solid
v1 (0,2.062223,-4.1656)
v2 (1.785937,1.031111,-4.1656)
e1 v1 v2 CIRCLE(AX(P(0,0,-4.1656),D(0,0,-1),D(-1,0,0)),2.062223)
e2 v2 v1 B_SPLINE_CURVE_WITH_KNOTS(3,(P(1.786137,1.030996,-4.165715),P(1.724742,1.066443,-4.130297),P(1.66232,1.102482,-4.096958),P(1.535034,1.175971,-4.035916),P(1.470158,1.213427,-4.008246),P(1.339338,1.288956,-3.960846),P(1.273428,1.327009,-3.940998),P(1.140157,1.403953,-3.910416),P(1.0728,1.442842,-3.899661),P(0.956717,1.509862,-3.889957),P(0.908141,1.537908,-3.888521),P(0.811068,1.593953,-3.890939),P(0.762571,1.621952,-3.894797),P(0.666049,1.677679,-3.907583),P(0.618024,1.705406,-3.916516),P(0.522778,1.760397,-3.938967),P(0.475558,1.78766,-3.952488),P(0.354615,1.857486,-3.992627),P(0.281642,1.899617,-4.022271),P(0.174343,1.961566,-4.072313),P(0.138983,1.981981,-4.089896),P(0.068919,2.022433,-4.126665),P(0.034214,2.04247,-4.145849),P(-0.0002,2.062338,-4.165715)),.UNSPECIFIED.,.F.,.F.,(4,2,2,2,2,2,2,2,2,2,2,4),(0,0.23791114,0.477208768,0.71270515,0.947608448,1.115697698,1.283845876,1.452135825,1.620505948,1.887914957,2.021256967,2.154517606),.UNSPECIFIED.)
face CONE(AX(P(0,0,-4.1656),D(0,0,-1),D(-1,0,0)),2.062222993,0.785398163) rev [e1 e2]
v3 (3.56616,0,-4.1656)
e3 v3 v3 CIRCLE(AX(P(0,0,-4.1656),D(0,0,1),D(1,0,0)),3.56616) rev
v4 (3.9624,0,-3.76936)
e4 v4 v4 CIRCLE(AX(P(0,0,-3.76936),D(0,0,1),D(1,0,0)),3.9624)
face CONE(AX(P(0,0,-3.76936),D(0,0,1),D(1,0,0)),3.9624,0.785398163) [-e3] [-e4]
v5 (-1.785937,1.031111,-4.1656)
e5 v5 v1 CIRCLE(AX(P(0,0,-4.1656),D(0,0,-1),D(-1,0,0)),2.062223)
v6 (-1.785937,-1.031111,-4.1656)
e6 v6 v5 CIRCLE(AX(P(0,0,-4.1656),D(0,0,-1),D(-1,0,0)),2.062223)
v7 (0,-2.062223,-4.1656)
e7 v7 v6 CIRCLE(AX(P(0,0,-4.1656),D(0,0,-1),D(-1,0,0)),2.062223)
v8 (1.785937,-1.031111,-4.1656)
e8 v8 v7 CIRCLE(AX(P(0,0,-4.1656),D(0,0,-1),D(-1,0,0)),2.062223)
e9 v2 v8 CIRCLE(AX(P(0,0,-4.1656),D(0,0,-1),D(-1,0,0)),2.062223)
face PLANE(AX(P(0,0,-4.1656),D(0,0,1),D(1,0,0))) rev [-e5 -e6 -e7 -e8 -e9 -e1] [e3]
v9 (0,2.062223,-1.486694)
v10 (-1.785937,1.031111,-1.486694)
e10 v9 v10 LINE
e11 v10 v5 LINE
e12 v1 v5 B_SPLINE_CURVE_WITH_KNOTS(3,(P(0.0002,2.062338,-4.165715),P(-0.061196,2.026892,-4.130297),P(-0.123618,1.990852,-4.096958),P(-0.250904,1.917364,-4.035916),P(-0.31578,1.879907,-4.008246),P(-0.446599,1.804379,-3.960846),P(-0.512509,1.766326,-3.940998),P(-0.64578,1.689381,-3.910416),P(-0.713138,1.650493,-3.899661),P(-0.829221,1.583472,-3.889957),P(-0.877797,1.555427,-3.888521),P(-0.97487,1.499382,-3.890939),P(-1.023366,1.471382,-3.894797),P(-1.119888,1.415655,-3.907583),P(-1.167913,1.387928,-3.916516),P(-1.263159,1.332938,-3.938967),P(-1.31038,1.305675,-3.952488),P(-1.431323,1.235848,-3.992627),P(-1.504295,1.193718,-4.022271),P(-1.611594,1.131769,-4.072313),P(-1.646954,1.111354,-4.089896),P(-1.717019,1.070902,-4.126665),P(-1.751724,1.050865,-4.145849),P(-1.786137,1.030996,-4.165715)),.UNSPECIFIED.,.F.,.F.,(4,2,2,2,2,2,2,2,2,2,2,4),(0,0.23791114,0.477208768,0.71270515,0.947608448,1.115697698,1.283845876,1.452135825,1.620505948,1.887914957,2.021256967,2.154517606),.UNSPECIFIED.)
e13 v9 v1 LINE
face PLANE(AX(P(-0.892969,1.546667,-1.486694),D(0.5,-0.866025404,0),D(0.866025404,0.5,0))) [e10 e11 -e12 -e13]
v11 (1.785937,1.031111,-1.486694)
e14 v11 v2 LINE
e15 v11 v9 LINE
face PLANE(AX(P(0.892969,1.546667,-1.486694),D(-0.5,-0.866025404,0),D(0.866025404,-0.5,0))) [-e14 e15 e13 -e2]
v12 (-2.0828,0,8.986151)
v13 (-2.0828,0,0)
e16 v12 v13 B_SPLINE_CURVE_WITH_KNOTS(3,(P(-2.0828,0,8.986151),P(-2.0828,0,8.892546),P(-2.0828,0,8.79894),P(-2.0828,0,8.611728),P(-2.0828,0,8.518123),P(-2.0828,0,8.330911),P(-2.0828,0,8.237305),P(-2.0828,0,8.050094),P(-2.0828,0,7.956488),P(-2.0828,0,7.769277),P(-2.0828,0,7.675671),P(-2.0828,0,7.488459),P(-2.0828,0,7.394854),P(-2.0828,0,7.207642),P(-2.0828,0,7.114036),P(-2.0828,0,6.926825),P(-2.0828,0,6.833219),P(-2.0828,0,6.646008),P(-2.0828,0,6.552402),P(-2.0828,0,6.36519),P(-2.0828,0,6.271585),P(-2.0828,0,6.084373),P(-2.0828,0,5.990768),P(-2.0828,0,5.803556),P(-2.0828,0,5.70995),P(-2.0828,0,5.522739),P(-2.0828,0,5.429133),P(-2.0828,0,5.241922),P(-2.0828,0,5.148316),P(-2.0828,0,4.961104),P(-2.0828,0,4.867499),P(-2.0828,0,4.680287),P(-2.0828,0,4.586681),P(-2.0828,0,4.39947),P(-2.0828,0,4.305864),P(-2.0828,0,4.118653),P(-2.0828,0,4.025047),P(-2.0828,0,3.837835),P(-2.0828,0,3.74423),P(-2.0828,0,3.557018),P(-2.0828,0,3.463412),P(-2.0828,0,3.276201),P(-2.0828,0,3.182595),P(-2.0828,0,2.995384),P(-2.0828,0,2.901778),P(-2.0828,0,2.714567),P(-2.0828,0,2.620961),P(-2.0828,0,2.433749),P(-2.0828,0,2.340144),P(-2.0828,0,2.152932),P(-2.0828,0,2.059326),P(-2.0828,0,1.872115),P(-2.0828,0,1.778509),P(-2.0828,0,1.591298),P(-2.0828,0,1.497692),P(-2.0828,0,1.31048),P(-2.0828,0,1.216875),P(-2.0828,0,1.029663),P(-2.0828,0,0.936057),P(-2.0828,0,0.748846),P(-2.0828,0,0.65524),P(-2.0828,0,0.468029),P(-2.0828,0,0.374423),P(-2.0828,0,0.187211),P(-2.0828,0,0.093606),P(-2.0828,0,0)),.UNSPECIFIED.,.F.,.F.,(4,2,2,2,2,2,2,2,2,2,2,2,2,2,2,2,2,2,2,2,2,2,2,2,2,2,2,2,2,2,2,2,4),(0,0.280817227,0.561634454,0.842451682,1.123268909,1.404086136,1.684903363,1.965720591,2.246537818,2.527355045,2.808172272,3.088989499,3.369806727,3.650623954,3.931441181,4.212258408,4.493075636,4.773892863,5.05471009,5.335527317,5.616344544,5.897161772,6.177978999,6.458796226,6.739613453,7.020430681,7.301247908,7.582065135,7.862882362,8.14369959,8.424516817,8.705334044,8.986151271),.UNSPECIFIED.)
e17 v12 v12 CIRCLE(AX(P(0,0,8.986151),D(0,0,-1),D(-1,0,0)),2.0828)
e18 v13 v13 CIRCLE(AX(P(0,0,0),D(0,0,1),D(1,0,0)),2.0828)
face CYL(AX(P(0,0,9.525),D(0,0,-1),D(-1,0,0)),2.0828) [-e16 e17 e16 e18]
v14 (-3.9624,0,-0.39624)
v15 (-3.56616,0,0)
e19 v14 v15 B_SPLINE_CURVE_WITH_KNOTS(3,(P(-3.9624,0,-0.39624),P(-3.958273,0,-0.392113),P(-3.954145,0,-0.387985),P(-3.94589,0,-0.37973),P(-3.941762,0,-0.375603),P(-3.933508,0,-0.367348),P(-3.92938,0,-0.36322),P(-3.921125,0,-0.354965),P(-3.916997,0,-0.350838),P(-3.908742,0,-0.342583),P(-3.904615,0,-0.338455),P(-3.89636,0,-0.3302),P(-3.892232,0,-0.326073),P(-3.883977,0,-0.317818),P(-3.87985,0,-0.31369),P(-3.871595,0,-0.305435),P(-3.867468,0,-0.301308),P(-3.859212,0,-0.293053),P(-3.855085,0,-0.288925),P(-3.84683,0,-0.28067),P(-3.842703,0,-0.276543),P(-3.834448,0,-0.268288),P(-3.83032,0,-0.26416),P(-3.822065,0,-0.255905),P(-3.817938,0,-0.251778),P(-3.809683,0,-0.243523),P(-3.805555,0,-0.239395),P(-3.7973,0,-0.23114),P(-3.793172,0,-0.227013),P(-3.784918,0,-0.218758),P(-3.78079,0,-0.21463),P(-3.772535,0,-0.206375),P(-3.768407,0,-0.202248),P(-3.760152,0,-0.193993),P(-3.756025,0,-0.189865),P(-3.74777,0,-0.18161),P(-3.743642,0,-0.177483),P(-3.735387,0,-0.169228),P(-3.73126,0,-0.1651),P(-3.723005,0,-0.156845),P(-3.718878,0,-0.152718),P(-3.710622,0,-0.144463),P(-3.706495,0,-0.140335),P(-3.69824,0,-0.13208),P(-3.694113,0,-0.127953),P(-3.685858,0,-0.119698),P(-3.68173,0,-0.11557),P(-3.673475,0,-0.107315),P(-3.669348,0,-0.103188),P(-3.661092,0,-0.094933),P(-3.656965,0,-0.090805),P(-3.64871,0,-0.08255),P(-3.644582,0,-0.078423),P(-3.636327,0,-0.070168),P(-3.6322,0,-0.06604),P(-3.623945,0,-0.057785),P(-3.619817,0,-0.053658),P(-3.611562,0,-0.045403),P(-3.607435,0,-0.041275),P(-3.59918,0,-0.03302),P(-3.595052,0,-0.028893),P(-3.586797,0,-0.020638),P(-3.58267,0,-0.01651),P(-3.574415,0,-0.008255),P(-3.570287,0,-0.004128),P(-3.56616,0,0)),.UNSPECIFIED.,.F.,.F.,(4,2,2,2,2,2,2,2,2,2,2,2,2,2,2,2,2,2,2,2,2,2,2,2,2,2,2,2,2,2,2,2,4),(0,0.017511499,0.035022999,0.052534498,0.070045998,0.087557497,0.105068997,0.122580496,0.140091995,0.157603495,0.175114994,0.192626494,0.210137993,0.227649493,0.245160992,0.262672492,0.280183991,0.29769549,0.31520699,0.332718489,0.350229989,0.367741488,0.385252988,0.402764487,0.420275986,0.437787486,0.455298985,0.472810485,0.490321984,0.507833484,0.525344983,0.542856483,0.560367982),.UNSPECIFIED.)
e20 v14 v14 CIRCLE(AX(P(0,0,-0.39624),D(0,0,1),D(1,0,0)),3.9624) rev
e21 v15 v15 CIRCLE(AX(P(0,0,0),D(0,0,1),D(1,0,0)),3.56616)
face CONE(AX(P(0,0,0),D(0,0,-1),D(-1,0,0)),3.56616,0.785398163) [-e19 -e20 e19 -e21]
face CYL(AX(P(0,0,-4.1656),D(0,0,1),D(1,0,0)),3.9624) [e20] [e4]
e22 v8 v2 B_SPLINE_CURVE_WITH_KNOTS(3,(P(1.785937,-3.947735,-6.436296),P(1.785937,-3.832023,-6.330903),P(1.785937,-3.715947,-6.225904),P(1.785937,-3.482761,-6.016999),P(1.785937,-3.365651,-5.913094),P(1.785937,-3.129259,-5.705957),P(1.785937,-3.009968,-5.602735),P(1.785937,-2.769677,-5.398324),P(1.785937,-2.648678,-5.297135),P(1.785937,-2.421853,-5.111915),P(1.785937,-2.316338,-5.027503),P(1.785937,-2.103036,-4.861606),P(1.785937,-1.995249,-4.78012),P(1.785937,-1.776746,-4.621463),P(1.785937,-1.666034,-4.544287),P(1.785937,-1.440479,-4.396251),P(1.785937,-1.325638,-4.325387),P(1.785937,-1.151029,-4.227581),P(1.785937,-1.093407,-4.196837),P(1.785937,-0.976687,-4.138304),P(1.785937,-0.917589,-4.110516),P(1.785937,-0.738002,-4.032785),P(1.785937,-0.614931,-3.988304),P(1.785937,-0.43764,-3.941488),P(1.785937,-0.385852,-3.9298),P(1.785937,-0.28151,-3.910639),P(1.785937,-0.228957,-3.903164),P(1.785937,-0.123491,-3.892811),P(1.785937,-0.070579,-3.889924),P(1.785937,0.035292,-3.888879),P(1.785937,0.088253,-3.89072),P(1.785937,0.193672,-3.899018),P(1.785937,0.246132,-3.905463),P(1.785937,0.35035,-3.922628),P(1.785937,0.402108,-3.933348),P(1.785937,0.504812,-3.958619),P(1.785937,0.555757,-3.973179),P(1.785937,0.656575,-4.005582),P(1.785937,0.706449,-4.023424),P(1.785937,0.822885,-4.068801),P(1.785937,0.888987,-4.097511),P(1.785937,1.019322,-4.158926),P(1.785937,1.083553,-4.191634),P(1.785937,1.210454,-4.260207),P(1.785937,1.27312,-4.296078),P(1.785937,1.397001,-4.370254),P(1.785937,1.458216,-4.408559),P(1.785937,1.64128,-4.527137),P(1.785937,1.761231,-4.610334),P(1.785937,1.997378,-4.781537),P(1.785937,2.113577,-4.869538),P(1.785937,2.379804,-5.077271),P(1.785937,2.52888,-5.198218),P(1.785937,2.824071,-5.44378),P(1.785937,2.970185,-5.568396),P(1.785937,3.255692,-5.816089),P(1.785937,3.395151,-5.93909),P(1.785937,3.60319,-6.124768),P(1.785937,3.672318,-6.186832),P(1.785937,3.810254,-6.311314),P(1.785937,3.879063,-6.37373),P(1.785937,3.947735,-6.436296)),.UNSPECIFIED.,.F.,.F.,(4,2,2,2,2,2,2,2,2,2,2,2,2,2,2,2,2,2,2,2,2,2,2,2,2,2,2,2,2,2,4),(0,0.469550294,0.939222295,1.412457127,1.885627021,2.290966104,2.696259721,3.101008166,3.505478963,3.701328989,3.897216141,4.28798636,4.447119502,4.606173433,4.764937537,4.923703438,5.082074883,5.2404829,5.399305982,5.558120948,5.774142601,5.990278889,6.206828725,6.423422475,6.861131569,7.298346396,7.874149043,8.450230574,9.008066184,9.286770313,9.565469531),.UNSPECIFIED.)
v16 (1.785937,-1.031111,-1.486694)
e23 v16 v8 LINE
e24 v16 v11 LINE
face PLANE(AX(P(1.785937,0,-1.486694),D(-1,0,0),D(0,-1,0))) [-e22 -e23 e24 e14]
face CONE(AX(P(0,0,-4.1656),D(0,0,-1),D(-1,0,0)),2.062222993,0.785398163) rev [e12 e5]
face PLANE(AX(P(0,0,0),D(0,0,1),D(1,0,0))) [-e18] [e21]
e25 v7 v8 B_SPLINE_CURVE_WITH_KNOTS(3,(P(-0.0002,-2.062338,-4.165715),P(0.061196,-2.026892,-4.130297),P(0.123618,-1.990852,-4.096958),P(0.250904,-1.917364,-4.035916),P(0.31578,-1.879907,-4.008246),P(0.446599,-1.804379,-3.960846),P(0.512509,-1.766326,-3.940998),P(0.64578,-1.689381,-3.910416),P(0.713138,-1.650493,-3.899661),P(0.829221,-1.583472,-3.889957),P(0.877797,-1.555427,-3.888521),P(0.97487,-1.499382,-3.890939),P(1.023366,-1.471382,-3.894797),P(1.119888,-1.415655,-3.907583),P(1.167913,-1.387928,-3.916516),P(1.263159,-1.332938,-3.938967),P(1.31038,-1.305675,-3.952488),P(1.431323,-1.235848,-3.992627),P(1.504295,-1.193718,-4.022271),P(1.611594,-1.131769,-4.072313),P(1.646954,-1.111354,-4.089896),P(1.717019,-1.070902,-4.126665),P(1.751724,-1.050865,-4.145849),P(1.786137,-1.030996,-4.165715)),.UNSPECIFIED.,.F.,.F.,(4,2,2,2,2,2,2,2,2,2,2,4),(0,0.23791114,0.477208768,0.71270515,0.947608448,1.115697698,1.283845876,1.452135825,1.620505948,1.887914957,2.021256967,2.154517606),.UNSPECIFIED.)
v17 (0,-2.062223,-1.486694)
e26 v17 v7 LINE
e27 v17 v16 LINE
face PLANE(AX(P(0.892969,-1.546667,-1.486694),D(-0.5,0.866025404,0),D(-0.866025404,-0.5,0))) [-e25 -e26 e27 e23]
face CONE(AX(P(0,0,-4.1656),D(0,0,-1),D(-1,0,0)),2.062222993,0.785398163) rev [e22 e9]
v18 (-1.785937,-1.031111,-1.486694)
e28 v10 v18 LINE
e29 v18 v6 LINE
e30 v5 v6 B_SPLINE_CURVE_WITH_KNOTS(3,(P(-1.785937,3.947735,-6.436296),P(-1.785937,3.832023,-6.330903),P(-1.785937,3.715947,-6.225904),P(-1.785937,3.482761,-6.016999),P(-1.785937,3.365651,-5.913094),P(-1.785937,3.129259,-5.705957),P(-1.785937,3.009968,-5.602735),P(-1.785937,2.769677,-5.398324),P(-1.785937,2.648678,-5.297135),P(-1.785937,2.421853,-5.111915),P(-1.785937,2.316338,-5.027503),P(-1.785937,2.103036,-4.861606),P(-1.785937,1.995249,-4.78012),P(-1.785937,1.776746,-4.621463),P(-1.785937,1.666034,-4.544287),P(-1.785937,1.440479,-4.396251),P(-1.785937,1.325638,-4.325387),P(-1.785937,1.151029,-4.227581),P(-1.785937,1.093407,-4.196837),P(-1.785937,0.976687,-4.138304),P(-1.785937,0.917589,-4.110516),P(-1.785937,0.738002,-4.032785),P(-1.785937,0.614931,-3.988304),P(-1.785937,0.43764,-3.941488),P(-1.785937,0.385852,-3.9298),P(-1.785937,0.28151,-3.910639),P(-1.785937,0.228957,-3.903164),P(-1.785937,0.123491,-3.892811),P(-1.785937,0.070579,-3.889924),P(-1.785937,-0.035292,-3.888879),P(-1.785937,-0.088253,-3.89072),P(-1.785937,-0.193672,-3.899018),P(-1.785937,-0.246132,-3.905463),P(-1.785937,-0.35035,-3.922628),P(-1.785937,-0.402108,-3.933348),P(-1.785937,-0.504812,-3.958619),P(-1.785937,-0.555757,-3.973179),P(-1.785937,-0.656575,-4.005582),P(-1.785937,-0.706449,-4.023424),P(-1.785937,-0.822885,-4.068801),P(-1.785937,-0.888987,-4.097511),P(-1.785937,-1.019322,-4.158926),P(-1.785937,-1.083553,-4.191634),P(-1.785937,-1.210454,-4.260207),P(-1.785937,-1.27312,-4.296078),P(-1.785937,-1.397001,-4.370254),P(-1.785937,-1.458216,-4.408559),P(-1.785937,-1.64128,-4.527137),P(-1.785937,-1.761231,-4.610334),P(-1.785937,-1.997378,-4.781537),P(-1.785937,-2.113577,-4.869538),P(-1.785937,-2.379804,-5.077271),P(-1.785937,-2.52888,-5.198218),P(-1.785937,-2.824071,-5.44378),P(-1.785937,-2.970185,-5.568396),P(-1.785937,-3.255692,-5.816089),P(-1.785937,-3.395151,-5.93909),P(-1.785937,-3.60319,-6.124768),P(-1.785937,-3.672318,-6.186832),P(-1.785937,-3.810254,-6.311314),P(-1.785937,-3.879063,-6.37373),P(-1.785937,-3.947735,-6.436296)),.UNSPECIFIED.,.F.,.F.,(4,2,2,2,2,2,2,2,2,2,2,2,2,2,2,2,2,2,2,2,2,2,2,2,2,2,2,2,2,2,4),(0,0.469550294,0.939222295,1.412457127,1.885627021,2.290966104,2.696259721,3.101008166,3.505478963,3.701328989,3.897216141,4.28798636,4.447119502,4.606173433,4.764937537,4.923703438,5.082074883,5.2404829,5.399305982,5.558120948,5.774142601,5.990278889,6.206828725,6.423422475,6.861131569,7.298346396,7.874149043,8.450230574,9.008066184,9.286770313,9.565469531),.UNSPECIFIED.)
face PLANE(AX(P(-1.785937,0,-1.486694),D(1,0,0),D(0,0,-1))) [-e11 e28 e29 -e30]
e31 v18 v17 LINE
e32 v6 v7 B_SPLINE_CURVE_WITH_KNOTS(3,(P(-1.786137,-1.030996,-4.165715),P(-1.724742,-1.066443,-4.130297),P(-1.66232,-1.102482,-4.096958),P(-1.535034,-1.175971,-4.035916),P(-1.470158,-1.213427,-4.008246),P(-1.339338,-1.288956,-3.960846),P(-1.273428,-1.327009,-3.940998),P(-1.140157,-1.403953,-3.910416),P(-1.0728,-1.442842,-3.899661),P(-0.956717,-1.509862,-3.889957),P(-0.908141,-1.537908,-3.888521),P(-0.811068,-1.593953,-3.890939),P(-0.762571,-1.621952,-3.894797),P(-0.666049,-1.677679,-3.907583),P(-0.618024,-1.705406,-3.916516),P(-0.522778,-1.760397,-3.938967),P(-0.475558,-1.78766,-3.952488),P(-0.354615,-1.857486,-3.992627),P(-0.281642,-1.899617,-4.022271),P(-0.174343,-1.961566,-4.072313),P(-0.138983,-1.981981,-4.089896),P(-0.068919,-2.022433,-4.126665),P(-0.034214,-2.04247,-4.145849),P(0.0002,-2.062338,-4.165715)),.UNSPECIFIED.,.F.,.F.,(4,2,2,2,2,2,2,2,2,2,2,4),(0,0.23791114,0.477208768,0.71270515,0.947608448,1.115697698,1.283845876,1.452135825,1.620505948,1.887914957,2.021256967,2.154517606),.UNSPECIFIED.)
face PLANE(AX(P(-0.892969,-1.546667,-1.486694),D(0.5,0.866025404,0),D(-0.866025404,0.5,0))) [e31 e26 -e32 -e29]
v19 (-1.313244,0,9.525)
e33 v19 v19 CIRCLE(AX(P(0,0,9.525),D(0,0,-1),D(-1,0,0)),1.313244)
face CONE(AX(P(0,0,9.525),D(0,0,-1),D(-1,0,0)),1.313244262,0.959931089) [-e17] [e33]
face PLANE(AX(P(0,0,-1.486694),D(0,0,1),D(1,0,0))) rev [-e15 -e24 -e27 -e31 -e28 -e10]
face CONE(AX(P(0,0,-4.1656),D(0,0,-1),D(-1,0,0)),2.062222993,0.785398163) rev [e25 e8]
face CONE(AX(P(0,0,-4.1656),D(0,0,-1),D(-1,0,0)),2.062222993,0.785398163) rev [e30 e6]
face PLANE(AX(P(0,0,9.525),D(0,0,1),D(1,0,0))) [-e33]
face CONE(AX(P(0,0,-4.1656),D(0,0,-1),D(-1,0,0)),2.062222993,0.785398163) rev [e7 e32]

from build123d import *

# Parameters (mm, degrees)
SKETCH1_R           = 2.0828
BOSS_EXTRUDE1_DEPTH = 9.525
SKETCH3_R           = 3.9624
BOSS_EXTRUDE2_DEPTH = 4.1656
CUT_EXTRUDE1_START  = -4.1656
CUT_EXTRUDE1_DEPTH  = 2.67890625
CHAMFER1_SIZE       = 0.39624


with BuildPart() as part:
    # Sketch1 → Boss-Extrude1 (new body)
    with BuildSketch(Plane.XY):
        with Locations(Location((0, 0, 0), (0, 0, 180))):
            Circle(SKETCH1_R)
    extrude(amount=BOSS_EXTRUDE1_DEPTH)

    # Sketch2 → Cut-Revolve1 (revolve, cut)
    with BuildSketch(Plane(origin=(0, 0, 0), x_dir=(0, 0, -1), z_dir=(1, 0, 0)), mode=Mode.PRIVATE) as cut_revolve1_sk:
        Polygon((-9.525, 2.0828), (-9.525, 1.313244262), (-8.986151271, 2.0828), align=None)
    revolve(cut_revolve1_sk.sketch.rotate(Axis((0, 0, 0), (0, 0, 1)), 90), axis=Axis((0, 0, 0), (0, 0, 1)), mode=Mode.SUBTRACT)

    # Sketch3 → Boss-Extrude2 (add)
    with BuildSketch(Plane.XY):
        Circle(SKETCH3_R)
    extrude(amount=-BOSS_EXTRUDE2_DEPTH)

    # Sketch4 → Cut-Extrude1 (cut)
    with BuildSketch(Plane.XY.offset(CUT_EXTRUDE1_START)):
        Polygon((0, -2.062222993), (1.7859375, -1.031111496), (1.7859375, 1.031111496), (0, 2.062222993), (-1.7859375, 1.031111496), (-1.7859375, -1.031111496), align=None)
    extrude(amount=CUT_EXTRUDE1_DEPTH, mode=Mode.SUBTRACT)

    # Cut-Extrude2 cone 1 section (through the dimple's axis) → Cut-Extrude2 (revolve, cut)
    with BuildSketch(Plane(origin=(0, 0, -4.1656), x_dir=(0, 1, 0), z_dir=(1, 0, 0))):
        Polygon((0, 0), (2.062222993, 0), (0, 2.062222993), align=None)
    revolve(axis=Axis((0, 0, -4.1656), (0, 0, 1)), mode=Mode.SUBTRACT)

    # Chamfer1
    chamfer1_edges = [part.edges().sort_by_distance(p)[0] for p in [
        (-3.9624, 0, -4.1656),
        (-3.9624, 0, 0),
    ]]
    chamfer(chamfer1_edges, length=CHAMFER1_SIZE)


solid = part.part
